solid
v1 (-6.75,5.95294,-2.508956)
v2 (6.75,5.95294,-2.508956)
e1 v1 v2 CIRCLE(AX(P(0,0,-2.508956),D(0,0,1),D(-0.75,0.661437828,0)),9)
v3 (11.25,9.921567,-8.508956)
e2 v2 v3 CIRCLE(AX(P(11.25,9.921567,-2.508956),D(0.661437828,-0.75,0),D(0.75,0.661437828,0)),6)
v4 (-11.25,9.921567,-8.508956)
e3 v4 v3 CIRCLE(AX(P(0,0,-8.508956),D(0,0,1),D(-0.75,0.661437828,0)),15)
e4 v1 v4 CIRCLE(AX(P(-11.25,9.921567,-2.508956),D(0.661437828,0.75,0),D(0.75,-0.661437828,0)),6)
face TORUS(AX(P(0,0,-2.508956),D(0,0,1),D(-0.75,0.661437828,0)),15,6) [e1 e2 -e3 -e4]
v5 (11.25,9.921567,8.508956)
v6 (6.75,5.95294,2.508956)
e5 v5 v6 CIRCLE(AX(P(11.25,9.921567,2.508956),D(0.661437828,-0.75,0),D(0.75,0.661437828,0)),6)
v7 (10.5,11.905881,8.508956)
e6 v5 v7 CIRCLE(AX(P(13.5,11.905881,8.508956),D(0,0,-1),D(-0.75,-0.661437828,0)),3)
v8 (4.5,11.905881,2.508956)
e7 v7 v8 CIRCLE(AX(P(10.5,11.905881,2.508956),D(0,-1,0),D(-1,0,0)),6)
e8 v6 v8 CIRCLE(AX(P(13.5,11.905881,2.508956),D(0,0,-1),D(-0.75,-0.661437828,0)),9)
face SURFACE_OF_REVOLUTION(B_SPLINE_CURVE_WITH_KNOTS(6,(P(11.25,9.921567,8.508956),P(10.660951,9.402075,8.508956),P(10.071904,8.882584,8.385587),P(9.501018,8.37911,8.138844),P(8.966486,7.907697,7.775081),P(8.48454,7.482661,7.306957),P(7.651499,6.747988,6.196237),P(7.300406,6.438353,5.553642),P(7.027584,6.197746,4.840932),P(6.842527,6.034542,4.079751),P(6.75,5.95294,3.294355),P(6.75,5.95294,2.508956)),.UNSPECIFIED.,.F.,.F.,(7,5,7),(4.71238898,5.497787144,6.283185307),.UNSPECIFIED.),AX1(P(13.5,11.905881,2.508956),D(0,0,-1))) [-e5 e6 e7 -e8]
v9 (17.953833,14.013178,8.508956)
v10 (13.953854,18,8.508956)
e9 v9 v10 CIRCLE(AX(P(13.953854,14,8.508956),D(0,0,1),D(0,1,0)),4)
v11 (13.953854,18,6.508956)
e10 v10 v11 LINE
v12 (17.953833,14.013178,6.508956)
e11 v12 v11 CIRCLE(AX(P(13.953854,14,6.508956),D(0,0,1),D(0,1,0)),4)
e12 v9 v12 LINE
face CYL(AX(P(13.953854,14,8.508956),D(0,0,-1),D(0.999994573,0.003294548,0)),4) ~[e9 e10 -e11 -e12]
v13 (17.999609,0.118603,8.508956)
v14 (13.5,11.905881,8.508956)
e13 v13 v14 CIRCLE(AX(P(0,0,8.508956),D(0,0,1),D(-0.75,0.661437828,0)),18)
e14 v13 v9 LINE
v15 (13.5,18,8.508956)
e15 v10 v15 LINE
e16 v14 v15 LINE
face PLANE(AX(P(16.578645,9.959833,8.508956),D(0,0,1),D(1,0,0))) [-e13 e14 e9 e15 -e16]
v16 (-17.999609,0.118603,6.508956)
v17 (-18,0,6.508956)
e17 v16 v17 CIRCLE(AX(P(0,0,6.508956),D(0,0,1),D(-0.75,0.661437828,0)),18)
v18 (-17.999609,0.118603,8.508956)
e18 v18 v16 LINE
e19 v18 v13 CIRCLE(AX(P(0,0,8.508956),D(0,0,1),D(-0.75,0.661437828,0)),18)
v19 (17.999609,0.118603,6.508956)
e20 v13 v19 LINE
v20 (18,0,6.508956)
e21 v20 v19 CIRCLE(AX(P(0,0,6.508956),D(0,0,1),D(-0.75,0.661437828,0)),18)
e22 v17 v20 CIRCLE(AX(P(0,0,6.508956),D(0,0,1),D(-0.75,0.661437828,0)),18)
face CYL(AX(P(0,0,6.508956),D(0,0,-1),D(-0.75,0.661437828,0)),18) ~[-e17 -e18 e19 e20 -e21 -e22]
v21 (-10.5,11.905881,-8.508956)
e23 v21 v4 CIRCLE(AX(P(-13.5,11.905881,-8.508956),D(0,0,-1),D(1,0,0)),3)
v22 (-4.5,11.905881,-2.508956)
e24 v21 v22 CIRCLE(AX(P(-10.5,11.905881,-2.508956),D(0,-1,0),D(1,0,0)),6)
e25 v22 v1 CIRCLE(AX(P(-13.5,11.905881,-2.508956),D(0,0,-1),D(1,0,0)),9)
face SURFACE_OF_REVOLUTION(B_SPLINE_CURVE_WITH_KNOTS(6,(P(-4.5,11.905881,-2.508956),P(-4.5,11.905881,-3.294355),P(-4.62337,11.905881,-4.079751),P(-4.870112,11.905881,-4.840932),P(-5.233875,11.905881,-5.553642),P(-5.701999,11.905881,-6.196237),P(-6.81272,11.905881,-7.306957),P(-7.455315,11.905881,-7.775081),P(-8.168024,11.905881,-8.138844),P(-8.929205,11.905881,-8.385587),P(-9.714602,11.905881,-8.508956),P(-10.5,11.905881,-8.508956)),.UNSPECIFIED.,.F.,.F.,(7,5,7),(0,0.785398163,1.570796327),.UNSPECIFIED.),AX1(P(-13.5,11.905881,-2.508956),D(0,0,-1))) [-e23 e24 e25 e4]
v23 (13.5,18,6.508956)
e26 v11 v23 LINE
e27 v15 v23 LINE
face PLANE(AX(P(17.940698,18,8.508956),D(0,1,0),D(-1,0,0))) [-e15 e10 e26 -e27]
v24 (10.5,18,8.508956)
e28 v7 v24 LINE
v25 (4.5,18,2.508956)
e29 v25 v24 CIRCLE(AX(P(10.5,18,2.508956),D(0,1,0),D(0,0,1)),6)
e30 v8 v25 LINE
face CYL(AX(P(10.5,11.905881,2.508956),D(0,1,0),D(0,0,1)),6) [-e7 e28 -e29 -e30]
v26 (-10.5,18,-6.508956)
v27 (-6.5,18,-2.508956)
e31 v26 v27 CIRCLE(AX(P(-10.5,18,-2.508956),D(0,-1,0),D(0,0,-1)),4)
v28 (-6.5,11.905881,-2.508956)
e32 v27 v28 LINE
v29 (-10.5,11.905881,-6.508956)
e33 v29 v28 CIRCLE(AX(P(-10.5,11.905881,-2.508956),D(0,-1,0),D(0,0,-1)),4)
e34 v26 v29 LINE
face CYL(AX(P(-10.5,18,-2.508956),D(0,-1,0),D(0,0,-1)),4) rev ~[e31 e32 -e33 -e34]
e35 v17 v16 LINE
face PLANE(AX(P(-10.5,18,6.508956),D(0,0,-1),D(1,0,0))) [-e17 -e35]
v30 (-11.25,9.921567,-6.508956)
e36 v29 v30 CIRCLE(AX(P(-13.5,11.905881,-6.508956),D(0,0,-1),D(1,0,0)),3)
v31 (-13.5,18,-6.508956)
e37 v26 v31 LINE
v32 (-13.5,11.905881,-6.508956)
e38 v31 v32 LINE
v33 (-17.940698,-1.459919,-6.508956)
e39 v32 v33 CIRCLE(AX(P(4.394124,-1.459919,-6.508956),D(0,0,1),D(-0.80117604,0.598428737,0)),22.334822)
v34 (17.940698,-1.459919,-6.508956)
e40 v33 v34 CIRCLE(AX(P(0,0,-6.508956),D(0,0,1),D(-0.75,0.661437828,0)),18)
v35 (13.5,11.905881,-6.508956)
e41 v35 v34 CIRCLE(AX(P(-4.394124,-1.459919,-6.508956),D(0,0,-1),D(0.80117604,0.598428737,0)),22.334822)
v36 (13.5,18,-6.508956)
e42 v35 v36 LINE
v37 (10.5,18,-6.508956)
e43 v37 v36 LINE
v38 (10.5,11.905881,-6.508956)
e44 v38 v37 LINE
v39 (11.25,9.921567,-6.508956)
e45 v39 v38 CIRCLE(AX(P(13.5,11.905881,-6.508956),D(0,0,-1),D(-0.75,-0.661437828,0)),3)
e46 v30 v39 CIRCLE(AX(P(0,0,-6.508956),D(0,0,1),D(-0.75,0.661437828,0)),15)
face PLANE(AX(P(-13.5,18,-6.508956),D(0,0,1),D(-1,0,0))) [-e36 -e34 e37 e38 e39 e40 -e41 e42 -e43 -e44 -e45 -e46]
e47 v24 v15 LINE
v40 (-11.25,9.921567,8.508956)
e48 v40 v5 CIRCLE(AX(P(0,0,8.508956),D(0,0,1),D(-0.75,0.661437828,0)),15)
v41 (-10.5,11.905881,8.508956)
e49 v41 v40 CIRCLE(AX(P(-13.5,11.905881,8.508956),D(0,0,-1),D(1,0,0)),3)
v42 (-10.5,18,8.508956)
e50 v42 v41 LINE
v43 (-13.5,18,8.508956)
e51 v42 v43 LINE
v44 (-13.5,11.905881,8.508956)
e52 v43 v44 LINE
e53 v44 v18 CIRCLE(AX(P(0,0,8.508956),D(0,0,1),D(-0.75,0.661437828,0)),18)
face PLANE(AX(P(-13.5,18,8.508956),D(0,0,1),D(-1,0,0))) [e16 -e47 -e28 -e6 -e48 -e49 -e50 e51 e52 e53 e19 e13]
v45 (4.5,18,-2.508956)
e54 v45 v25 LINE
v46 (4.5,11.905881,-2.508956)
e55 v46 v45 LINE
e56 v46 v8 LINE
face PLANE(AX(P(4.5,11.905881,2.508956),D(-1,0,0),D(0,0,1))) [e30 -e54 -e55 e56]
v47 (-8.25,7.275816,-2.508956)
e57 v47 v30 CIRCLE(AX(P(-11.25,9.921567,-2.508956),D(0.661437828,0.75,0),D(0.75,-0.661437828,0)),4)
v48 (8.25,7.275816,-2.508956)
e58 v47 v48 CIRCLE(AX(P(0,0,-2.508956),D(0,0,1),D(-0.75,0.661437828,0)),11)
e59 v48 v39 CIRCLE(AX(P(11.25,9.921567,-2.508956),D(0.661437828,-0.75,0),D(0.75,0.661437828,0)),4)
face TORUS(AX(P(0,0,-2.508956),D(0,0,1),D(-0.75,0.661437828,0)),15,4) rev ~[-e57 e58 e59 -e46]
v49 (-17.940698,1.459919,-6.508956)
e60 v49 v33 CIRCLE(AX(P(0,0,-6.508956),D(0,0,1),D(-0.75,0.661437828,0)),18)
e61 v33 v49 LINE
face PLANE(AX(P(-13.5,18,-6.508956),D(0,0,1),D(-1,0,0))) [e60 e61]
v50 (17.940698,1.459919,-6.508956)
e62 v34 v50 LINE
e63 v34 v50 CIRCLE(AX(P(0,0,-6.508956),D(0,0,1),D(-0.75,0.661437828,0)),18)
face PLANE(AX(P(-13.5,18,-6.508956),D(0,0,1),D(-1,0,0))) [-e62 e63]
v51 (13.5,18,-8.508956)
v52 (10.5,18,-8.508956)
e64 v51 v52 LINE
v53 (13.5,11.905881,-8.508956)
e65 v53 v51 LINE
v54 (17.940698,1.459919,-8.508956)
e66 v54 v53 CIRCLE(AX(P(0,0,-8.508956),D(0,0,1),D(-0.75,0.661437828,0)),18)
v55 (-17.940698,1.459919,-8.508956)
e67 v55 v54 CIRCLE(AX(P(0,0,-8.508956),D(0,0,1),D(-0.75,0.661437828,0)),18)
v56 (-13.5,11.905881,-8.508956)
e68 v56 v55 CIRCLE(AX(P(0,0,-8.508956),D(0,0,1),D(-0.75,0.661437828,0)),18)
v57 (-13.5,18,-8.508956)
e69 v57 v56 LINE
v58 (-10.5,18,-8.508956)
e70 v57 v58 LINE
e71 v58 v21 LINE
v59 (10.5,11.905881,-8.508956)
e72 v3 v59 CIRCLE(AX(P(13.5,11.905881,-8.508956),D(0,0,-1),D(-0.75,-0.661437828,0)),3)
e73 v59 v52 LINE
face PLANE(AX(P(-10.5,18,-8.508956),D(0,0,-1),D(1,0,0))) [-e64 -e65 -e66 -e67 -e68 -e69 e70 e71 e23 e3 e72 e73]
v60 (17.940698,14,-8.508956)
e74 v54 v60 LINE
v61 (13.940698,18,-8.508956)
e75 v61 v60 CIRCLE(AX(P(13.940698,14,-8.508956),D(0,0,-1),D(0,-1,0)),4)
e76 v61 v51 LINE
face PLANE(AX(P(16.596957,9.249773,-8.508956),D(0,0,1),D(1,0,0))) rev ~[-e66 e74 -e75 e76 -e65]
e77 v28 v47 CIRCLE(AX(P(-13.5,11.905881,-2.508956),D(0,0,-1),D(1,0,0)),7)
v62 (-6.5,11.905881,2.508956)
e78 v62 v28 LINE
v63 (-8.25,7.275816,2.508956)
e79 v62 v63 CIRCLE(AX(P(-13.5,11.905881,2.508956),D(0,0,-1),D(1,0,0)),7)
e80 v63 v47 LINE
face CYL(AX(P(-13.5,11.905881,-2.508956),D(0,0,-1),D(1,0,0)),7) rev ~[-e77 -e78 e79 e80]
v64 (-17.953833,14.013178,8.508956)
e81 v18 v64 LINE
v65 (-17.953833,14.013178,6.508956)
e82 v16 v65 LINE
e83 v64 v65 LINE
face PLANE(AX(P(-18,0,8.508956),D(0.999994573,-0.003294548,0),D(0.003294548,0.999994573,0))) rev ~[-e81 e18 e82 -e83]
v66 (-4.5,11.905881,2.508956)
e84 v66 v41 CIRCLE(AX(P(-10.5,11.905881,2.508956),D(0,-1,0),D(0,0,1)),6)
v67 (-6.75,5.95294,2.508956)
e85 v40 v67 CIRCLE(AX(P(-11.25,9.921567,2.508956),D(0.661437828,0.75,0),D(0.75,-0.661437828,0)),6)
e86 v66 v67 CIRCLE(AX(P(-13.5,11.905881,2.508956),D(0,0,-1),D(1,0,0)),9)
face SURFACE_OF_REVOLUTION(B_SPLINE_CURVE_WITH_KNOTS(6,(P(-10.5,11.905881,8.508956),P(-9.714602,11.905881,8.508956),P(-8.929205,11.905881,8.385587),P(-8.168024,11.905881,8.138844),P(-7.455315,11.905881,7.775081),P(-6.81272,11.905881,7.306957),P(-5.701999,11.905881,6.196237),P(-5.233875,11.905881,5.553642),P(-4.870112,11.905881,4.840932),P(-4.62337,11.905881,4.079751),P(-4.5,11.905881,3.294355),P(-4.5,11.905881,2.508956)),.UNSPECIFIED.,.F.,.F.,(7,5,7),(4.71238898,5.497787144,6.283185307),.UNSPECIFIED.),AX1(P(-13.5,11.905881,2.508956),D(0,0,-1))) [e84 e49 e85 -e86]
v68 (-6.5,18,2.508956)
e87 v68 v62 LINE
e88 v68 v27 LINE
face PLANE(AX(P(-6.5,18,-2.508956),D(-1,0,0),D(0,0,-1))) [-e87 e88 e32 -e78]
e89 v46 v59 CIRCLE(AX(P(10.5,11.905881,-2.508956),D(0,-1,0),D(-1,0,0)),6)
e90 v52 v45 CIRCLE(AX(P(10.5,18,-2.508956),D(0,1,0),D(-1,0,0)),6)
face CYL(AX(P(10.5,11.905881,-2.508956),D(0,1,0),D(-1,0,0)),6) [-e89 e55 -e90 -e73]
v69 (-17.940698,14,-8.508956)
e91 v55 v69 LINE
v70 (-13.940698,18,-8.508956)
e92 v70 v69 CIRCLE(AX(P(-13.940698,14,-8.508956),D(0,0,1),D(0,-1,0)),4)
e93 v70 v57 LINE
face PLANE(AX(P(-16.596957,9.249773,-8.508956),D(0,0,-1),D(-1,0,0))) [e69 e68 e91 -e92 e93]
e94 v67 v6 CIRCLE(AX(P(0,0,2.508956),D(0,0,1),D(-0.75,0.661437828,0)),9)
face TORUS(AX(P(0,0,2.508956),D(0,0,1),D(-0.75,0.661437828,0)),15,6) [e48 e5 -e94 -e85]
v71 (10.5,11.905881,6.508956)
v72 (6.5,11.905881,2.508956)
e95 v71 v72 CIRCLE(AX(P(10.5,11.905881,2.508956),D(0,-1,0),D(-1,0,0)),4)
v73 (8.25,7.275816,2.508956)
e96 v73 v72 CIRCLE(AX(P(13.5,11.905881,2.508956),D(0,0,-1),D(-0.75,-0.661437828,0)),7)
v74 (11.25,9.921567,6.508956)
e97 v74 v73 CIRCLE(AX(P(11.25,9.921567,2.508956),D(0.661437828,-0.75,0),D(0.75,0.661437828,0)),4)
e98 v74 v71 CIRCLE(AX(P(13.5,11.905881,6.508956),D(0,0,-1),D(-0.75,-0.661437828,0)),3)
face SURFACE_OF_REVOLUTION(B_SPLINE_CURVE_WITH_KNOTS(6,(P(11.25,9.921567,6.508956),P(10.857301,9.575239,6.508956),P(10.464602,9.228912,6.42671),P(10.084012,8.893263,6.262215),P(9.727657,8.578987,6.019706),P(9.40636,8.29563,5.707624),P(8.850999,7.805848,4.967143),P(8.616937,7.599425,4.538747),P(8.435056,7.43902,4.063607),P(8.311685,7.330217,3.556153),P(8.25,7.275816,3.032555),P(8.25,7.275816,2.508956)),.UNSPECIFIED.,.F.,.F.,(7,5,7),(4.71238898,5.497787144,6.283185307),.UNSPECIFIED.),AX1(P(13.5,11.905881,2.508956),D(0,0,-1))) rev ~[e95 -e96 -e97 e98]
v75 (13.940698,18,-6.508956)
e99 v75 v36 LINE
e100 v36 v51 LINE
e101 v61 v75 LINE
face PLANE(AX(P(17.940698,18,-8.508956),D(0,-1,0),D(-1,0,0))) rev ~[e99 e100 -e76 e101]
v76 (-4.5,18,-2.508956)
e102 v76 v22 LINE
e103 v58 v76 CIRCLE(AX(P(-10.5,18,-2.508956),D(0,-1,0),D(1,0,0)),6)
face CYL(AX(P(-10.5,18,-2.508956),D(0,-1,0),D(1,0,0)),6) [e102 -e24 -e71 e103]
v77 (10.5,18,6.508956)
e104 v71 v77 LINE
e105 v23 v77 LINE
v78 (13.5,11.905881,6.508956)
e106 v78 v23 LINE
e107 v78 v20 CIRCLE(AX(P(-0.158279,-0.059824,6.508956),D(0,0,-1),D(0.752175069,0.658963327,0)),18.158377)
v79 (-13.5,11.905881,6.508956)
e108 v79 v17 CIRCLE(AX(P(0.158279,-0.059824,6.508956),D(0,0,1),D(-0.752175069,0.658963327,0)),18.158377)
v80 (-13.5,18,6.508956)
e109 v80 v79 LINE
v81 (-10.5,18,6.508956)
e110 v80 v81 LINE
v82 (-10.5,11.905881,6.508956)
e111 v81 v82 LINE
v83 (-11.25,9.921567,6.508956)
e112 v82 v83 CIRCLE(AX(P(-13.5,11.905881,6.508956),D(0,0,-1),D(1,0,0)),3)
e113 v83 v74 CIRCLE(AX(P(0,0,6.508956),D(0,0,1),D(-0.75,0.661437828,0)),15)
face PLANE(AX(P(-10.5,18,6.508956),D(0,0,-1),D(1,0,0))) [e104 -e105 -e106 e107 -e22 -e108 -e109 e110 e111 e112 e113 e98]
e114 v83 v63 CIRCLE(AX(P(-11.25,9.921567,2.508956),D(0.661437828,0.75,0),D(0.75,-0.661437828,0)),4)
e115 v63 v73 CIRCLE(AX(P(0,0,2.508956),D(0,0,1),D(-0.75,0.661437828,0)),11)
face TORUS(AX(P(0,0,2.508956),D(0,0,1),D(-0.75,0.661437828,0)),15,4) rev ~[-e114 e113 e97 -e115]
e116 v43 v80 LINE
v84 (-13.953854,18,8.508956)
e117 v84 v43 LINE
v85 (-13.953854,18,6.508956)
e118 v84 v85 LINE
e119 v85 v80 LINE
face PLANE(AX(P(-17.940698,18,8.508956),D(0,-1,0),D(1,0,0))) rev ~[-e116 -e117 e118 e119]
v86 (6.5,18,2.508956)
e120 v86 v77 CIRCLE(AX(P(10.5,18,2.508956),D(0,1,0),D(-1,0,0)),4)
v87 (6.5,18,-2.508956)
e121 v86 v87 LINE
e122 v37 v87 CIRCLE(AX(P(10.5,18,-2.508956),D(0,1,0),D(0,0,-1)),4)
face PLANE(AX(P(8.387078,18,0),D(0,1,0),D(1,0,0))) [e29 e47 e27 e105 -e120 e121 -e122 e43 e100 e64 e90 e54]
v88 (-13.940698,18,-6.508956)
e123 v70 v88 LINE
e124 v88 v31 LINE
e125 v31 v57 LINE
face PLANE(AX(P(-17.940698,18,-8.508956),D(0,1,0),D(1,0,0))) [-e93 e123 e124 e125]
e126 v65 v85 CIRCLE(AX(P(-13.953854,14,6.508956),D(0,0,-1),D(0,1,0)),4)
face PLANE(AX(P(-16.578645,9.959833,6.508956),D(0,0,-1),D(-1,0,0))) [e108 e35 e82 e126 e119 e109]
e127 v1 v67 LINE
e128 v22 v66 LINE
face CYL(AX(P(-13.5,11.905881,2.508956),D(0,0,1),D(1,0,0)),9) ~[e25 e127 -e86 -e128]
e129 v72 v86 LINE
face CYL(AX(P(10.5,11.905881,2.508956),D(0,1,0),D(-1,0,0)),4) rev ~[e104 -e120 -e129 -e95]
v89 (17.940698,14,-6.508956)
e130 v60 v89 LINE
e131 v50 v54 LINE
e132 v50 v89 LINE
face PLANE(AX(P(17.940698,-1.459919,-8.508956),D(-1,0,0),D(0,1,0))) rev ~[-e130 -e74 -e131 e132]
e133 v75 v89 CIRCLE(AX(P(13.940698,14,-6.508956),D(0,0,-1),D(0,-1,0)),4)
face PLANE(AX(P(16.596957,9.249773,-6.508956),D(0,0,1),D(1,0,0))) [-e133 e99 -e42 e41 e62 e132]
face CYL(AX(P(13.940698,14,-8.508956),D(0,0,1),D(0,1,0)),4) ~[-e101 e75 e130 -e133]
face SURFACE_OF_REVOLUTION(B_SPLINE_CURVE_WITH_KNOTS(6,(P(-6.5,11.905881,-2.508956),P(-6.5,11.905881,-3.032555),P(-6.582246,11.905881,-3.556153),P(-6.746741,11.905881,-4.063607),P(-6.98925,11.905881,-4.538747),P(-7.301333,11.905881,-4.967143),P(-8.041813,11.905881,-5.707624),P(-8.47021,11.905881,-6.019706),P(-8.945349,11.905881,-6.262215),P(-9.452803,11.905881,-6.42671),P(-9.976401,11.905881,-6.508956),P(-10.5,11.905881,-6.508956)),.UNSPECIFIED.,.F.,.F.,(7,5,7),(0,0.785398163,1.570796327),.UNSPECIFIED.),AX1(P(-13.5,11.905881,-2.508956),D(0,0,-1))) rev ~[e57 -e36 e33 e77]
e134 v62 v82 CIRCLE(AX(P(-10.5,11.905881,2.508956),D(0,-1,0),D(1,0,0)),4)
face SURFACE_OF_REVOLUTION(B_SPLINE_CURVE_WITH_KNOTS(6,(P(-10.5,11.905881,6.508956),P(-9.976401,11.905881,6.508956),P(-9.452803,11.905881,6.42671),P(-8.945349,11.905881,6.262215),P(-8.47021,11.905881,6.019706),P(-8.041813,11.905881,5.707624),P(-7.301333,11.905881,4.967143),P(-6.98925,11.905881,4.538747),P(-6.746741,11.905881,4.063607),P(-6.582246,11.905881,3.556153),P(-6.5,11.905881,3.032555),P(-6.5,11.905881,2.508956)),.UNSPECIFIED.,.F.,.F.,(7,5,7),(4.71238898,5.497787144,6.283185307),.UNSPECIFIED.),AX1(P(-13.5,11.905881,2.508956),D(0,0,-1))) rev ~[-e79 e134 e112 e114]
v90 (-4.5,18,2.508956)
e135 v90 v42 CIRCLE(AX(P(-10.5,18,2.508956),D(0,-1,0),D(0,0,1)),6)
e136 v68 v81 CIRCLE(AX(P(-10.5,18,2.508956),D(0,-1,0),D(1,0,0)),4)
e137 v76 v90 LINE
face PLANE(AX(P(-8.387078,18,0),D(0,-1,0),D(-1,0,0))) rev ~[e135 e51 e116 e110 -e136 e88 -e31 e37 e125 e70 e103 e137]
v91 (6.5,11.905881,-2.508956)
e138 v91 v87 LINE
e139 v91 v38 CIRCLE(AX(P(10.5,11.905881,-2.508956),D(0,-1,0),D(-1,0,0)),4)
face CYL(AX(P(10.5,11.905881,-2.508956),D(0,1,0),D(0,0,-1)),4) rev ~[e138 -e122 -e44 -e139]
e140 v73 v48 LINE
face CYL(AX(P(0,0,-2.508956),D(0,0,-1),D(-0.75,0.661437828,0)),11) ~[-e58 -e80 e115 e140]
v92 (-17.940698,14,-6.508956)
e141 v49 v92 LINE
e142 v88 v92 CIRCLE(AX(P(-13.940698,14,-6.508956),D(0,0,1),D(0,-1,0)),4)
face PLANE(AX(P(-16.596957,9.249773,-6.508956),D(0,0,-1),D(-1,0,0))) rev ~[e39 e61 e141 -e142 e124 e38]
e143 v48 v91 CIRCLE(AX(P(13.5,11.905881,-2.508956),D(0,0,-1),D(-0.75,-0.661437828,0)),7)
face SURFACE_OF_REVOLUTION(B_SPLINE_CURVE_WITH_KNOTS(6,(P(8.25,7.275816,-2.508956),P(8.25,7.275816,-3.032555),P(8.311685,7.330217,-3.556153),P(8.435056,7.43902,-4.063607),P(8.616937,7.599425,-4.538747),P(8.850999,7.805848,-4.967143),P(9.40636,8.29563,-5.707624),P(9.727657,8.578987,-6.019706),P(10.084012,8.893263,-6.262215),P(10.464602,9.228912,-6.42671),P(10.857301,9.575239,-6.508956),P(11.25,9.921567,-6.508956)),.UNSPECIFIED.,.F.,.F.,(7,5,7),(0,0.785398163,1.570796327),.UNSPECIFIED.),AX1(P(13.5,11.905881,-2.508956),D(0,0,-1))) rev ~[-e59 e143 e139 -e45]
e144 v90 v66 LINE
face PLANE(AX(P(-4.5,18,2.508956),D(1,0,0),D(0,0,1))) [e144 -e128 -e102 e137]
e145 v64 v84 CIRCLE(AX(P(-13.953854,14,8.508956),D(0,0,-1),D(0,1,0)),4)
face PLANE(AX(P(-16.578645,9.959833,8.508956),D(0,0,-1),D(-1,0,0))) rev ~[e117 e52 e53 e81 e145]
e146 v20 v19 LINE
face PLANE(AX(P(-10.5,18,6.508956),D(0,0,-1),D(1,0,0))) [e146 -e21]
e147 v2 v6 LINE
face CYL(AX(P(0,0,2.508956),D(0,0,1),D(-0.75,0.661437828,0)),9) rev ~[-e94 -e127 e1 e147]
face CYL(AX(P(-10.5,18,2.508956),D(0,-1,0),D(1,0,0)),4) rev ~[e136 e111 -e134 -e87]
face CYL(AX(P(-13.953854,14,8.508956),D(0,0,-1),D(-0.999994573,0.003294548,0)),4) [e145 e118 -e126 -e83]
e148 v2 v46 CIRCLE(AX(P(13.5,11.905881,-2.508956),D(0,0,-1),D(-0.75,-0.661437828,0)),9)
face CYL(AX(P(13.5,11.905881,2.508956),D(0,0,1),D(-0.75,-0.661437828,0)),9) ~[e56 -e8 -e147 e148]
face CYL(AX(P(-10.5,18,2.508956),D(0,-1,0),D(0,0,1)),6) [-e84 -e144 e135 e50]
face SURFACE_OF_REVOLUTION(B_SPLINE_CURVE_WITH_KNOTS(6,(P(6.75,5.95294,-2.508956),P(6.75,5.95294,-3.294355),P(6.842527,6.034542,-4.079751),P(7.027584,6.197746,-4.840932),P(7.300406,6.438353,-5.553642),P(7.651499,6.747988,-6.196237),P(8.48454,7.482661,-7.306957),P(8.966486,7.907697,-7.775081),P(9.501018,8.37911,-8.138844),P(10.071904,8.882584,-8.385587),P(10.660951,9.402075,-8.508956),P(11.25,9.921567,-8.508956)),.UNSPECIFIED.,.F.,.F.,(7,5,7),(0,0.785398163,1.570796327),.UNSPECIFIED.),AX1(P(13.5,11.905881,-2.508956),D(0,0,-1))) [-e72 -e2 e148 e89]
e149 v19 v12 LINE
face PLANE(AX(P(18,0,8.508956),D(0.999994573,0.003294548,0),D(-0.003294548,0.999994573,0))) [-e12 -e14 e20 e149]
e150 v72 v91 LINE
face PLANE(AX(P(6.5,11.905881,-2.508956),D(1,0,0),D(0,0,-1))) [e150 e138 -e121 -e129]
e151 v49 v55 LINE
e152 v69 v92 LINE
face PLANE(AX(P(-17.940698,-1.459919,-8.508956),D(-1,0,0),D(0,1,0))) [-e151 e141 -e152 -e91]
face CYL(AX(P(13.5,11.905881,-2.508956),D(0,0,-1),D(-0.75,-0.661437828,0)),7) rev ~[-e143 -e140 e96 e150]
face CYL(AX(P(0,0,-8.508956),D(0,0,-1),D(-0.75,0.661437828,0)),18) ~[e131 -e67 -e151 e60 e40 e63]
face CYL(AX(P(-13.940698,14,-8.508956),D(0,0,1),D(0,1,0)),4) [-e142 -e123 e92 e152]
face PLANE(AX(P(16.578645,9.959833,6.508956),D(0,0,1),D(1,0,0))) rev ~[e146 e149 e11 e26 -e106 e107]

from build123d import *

# Parameters (mm, degrees)
BOSS_EXTRUDE1_START = -8.508956
BOSS_EXTRUDE1_DEPTH = 2
BOSS_EXTRUDE2_START = 8.508956
BOSS_EXTRUDE2_DEPTH = 2
FILLET1_R           = 4


with BuildPart() as part:
    # Sweep2: sweep along a path in Sketch2
    with BuildLine(Plane.XY) as sweep2_path:
        Line((-4.5, 18), (-4.5, 11.9058809))
        ThreePointArc((-4.5, 11.9058809), (-5.08127088, 8.723900384), (-6.75, 5.95294045))
        ThreePointArc((-6.75, 5.95294045), (0, -9), (6.75, 5.95294045))
        ThreePointArc((6.75, 5.95294045), (5.08127088, 8.723900384), (4.5, 11.9058809))
        Line((4.5, 11.9058809), (4.5, 18))
    # Sketch5 → Sweep2 (sweep)
    with BuildSketch(Plane(origin=(0, 0, 0), x_dir=(0, 0, -1), z_dir=(1, 0, 0))):
        with BuildLine():
            Line((-2.508956399, -9), (2.508956399, -9))
            ThreePointArc((2.508956399, -9), (6.751597087, -10.757359313), (8.508956399, -15))
            Line((8.508956399, -15), (8.508956399, -18))
            Line((8.508956399, -18), (6.508956399, -18))
            Line((6.508956399, -18), (6.508956399, -15))
            ThreePointArc((6.508956399, -15), (5.337383524, -12.171572875), (2.508956399, -11))
            Line((2.508956399, -11), (-2.508956399, -11))
            ThreePointArc((-2.508956399, -11), (-5.337383524, -12.171572875), (-6.508956399, -15))
            Line((-6.508956399, -15), (-6.508956399, -18))
            Line((-6.508956399, -18), (-8.508956399, -18))
            Line((-8.508956399, -18), (-8.508956399, -15))
            ThreePointArc((-8.508956399, -15), (-6.751597087, -10.757359313), (-2.508956399, -9))
        make_face()
    sweep(path=sweep2_path.line)

    # Sketch7 → Boss-Extrude1 (add)
    with BuildSketch(Plane.XY.offset(BOSS_EXTRUDE1_START)):
        with BuildLine():
            Line((17.940697807, -1.45991856), (17.940697807, 18))
            Line((17.940697807, 18), (13.5, 18))
            Line((13.5, 18), (13.5, 11.9058809))
            ThreePointArc((13.5, 11.9058809), (16.801469128, 5.58217616), (17.940697807, -1.45991856))
        make_face()
        with BuildLine():
            Line((-13.5, 18), (-13.5, 11.9058809))
            ThreePointArc((-13.5, 11.9058809), (-16.801469128, 5.58217616), (-17.940697807, -1.45991856))
            Line((-17.940697807, -1.45991856), (-17.940697807, 18))
            Line((-17.940697807, 18), (-13.5, 18))
        make_face()
    extrude(amount=BOSS_EXTRUDE1_DEPTH)

    # Sketch9 → Boss-Extrude2 (add)
    with BuildSketch(Plane.XY.offset(BOSS_EXTRUDE2_START)):
        with BuildLine():
            Line((18, 0), (17.940697807, 18))
            Line((17.940697807, 18), (13.5, 18))
            Line((13.5, 18), (13.5, 11.9058809))
            ThreePointArc((13.5, 11.9058809), (16.827327901, 6.360132122), (18, 0))
        make_face()
        with BuildLine():
            Line((-13.5, 18), (-13.5, 11.9058809))
            ThreePointArc((-13.5, 11.9058809), (-16.827327901, 6.360132122), (-18, 0))
            Line((-18, 0), (-17.940697807, 18))
            Line((-17.940697807, 18), (-13.5, 18))
        make_face()
    extrude(amount=-BOSS_EXTRUDE2_DEPTH)

    # Fillet1
    fillet1_edges = [part.edges().sort_by_distance(p)[0] for p in [
        (17.940697807, 18, 7.508956),
        (17.940697807, 18, -7.508956),
        (-17.940697807, 18, 7.508956),
        (-17.940697807, 18, -7.508956),
    ]]
    fillet(fillet1_edges, radius=FILLET1_R)


solid = part.part
